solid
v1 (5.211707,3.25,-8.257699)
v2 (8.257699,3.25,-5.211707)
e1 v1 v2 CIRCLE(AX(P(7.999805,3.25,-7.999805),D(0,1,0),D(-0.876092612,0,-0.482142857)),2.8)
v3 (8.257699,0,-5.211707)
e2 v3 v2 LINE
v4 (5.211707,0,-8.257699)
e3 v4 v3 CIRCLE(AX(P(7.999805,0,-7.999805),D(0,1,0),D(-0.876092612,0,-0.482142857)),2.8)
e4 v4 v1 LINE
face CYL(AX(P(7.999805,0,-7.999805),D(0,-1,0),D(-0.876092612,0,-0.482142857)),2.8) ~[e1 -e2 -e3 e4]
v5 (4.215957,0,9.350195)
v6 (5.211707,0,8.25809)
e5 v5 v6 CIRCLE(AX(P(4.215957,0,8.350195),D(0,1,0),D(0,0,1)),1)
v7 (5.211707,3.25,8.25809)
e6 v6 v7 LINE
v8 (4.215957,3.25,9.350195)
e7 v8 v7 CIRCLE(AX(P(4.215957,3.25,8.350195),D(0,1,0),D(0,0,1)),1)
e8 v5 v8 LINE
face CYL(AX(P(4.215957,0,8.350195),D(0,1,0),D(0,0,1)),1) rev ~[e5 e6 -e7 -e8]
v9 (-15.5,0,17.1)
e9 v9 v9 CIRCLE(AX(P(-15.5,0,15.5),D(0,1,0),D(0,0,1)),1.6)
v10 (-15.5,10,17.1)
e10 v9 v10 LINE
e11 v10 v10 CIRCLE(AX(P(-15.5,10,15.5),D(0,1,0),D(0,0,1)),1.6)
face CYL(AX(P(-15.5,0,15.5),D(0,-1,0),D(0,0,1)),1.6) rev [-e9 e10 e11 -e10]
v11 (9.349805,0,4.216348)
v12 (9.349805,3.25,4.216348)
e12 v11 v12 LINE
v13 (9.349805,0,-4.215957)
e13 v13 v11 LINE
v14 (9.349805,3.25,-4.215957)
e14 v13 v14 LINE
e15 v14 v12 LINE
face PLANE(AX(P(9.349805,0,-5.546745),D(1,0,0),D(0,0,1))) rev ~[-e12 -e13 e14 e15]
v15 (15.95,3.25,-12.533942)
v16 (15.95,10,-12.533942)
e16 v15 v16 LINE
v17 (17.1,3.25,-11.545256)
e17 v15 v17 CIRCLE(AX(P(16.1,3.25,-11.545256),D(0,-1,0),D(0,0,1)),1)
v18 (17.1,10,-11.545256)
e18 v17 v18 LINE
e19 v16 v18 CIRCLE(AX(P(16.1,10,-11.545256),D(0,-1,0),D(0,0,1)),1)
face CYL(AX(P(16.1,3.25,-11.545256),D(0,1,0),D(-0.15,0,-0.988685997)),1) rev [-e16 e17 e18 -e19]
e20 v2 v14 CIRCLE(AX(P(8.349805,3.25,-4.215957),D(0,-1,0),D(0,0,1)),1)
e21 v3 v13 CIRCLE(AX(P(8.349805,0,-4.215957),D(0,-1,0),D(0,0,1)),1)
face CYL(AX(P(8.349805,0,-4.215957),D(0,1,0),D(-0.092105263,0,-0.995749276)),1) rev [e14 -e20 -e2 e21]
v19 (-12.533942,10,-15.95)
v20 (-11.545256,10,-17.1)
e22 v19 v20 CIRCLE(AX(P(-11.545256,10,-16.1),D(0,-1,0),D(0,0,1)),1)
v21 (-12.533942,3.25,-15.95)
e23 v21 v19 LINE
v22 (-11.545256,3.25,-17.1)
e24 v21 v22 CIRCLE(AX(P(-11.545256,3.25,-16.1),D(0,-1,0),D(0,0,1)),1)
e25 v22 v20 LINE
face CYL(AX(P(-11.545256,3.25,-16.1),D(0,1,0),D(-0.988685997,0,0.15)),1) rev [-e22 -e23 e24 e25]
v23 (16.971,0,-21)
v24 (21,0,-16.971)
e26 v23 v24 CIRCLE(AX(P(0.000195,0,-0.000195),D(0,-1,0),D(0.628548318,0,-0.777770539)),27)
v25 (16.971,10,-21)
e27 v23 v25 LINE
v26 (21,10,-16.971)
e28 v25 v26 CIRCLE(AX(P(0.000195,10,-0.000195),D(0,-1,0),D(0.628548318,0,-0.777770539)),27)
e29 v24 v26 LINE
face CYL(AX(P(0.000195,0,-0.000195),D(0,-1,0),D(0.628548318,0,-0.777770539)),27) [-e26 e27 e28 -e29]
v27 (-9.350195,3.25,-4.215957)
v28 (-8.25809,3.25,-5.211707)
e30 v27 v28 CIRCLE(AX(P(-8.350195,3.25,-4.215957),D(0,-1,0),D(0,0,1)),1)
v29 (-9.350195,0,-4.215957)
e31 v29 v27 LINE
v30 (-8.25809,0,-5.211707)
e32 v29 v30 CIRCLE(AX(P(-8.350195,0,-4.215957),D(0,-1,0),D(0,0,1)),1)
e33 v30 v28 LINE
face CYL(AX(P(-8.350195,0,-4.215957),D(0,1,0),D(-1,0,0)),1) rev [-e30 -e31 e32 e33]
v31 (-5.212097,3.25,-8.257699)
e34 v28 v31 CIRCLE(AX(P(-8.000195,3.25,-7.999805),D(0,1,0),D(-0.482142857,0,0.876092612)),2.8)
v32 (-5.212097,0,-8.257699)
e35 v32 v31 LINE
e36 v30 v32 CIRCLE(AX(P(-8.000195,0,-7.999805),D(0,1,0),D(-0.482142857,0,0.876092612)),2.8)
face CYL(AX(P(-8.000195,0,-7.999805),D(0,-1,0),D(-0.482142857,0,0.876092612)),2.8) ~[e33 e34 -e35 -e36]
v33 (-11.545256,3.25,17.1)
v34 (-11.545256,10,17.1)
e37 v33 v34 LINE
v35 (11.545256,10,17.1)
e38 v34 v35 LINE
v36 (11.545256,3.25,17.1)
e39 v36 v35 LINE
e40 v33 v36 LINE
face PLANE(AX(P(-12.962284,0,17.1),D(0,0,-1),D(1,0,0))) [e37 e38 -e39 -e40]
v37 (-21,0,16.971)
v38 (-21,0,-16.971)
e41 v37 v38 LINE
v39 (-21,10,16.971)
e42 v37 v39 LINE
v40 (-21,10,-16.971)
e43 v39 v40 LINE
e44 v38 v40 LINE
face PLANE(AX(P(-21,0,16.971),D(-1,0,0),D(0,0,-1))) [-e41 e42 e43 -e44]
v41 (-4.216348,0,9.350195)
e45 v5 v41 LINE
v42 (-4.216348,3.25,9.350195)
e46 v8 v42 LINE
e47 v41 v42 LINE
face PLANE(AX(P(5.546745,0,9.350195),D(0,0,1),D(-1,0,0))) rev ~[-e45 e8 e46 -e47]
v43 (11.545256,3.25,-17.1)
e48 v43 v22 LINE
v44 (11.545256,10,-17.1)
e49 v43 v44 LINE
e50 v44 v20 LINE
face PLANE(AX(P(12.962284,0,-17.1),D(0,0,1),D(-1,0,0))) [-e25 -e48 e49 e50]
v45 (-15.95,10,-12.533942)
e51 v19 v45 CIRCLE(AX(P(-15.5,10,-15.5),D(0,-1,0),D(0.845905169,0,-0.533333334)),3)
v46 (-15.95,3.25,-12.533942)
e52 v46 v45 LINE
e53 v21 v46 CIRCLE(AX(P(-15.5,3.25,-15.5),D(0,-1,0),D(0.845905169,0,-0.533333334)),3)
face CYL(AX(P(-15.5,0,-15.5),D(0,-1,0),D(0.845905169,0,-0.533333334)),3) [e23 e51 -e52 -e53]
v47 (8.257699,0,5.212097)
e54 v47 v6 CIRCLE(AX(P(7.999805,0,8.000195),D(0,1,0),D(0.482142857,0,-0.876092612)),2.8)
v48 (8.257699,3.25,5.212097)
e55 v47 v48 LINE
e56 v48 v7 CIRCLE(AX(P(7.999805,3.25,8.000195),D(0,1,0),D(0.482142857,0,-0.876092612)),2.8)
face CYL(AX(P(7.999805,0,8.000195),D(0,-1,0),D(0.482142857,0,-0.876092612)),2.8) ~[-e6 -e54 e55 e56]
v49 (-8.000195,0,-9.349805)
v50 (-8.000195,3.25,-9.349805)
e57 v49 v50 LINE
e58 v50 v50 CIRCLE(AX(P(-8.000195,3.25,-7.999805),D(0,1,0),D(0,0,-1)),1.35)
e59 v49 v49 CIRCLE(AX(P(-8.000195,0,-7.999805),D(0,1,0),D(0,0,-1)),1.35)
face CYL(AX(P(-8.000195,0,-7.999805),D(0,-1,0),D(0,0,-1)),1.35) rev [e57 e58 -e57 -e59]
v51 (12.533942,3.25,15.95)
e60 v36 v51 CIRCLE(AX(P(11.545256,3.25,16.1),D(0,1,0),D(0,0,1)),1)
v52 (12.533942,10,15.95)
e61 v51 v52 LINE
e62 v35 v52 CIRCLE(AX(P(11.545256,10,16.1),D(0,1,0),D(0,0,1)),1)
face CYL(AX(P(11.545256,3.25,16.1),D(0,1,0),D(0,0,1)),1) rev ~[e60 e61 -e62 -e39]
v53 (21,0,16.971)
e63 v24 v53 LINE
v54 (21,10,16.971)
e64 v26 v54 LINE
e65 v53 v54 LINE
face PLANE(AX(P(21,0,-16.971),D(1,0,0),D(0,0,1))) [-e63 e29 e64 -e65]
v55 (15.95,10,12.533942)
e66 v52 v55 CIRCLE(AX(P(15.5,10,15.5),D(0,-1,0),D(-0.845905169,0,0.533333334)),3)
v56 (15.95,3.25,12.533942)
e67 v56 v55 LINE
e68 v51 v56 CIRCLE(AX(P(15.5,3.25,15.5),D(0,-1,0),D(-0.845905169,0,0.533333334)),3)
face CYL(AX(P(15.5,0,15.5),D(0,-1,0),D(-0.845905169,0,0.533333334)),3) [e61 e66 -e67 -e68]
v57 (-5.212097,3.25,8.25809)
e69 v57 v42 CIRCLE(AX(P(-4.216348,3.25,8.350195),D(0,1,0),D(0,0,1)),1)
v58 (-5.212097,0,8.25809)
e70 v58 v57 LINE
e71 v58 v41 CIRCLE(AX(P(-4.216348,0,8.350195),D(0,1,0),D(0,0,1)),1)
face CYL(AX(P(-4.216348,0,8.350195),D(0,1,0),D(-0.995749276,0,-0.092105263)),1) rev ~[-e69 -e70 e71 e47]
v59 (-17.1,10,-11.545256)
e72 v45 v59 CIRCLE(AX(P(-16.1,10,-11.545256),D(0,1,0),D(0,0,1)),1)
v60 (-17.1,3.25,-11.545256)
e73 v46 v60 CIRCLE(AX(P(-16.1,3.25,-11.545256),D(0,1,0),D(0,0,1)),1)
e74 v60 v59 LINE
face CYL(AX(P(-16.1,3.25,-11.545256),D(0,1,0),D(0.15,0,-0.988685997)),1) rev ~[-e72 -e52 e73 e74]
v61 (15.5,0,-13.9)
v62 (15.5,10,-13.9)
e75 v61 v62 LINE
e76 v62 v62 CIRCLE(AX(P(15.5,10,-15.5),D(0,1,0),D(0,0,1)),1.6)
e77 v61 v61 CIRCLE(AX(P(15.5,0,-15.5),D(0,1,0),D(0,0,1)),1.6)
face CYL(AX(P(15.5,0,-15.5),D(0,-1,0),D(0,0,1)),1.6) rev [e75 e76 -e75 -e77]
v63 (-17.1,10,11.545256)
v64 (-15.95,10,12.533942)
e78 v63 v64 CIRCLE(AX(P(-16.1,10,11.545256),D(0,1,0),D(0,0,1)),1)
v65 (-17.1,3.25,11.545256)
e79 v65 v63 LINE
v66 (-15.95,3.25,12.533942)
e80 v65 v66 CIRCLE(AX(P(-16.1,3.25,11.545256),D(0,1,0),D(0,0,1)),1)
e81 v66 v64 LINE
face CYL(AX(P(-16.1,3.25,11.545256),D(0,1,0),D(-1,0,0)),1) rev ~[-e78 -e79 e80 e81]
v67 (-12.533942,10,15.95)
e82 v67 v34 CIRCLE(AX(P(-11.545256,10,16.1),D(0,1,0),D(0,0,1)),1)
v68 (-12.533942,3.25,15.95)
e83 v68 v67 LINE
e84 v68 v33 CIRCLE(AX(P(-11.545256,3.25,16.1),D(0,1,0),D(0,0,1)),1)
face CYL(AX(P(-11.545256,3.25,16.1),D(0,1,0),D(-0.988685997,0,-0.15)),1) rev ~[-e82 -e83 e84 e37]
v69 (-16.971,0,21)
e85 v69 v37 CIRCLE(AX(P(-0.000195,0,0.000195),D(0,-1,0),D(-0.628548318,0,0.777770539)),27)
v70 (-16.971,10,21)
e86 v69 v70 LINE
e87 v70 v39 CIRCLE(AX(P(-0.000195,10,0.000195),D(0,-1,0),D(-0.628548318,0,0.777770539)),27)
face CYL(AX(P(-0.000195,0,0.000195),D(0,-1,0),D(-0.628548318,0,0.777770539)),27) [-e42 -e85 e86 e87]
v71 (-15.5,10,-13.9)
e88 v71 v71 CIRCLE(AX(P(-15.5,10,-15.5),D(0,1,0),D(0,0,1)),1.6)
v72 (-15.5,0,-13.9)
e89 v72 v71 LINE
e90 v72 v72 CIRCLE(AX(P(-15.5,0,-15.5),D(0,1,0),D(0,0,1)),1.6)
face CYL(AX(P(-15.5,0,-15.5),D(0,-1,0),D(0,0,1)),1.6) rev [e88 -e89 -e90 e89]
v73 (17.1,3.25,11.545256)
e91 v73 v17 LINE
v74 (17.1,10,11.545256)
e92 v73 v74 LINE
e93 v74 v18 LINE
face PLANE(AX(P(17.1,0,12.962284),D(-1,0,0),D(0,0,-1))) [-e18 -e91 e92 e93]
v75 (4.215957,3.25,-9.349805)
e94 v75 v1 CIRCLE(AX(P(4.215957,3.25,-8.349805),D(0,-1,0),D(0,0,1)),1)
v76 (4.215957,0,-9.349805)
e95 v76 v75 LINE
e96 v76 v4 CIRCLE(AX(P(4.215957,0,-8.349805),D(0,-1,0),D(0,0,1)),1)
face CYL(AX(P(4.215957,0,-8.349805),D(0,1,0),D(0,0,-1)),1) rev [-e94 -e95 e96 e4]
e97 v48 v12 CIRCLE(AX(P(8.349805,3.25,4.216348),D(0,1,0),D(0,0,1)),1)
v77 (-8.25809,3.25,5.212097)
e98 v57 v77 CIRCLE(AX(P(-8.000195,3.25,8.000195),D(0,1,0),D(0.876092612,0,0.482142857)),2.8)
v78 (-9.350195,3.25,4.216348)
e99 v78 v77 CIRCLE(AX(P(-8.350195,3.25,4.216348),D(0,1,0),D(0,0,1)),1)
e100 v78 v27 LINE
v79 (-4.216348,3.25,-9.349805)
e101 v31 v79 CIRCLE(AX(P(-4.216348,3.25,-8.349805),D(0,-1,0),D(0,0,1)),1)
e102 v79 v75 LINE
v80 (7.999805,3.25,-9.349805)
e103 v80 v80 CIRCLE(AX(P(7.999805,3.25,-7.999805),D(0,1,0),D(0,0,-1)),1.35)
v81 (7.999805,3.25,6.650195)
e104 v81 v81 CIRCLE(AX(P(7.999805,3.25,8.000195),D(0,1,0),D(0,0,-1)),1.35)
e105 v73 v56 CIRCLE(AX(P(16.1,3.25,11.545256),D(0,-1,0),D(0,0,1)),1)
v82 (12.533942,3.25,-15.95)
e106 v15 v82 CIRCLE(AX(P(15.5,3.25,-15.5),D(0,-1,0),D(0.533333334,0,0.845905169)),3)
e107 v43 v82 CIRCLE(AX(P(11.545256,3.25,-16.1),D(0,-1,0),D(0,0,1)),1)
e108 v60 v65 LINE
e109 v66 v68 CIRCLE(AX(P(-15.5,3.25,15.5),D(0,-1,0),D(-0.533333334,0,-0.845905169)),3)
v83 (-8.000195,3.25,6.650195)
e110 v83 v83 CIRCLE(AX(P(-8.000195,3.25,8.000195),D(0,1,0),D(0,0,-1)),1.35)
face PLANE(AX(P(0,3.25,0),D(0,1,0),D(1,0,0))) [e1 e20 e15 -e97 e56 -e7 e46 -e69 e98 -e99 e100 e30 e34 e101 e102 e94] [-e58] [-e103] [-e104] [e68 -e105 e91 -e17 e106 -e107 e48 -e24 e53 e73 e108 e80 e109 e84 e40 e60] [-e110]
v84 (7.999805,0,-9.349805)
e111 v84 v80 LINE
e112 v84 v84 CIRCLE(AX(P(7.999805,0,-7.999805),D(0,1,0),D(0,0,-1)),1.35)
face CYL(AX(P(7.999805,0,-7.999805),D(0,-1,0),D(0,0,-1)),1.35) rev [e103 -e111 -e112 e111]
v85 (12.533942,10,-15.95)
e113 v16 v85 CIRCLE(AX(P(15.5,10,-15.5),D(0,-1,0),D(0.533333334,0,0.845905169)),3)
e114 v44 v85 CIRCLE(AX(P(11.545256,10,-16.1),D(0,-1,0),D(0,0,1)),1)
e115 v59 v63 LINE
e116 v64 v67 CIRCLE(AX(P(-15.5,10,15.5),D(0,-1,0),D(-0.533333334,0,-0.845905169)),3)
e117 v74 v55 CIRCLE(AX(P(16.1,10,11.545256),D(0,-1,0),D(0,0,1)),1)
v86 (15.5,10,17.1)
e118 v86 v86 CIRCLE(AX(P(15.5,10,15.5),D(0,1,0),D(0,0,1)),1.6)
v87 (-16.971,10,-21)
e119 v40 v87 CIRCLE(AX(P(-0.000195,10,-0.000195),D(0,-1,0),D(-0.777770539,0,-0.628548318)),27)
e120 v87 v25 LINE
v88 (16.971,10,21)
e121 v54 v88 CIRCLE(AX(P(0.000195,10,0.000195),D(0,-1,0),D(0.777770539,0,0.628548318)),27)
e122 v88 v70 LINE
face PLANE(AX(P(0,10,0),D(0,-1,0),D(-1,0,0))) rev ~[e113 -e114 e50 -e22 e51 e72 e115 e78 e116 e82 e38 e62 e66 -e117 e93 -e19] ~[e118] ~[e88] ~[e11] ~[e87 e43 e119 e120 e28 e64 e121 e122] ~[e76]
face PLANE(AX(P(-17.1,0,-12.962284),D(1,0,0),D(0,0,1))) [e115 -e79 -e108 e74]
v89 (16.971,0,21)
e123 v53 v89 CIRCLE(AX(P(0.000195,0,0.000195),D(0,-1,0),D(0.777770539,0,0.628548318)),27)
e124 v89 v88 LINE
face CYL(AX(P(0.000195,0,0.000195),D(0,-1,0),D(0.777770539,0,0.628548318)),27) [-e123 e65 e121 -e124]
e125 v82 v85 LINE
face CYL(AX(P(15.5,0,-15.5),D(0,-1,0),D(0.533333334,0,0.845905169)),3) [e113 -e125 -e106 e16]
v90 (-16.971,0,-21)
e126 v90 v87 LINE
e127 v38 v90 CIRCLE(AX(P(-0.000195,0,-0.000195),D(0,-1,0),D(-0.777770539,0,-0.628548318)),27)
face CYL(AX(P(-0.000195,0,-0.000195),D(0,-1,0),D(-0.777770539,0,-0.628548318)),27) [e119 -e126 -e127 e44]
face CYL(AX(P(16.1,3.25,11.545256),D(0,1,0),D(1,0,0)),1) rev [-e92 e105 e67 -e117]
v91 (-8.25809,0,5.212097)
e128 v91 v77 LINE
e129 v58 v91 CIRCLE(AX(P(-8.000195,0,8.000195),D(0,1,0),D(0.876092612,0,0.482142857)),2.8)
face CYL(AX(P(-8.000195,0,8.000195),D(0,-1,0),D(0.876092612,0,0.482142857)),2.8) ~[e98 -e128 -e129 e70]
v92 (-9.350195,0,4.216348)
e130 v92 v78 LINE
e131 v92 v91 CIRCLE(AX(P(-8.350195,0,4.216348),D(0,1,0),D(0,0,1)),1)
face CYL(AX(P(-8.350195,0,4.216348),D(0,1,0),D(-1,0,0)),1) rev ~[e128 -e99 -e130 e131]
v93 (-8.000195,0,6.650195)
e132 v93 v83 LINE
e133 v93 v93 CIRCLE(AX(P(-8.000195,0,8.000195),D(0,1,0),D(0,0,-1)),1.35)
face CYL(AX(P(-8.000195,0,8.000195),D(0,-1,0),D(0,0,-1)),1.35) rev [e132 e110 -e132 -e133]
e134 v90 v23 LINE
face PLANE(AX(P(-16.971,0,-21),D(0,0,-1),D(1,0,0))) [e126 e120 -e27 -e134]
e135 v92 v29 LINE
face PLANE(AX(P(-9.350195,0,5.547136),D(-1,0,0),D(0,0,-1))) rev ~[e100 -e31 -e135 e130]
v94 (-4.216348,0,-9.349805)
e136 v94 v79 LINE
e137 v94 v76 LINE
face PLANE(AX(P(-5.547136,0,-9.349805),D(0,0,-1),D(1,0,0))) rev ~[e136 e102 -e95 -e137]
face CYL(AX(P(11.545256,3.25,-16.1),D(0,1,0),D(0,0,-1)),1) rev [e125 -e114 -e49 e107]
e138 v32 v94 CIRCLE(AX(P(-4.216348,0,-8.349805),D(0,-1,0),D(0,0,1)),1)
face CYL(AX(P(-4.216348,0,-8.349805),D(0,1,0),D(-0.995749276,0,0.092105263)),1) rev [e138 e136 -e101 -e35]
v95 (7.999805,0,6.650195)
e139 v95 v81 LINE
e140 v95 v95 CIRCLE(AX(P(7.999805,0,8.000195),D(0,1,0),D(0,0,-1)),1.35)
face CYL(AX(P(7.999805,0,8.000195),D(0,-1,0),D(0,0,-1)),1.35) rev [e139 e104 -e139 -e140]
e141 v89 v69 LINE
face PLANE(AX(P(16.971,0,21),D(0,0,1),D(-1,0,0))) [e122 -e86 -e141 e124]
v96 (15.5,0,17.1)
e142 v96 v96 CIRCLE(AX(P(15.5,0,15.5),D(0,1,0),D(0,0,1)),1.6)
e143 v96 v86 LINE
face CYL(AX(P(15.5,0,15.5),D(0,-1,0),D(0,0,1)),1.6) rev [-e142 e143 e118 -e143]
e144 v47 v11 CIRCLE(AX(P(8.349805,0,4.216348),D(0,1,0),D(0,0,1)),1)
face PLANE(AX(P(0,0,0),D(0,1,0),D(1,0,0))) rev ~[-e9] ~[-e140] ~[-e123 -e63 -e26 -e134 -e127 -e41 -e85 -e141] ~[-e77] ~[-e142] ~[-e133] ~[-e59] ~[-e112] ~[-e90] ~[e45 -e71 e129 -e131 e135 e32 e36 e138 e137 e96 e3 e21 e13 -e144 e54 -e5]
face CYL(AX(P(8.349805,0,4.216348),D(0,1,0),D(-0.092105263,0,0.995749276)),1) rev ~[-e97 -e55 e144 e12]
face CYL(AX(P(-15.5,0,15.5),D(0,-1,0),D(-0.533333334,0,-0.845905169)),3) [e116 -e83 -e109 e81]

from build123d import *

# Parameters (mm, degrees)
SKETCH1_R           = 1.6
BOSS_EXTRUDE1_DEPTH = 10
SKETCH1_3_R         = 1.35
BOSS_EXTRUDE2_DEPTH = 3.25
FILLET1_R           = 1


with BuildPart() as part:
    # Sketch1 → Boss-Extrude1 (new body)
    with BuildSketch(Plane(origin=(0, 0, 0), x_dir=(1, 0, 0), z_dir=(0, 1, 0))):
        with BuildLine():
            Line((16.971, 21), (-16.971, 21))
            ThreePointArc((-16.971, 21), (-19.092078518, 19.092078518), (-21, 16.971))
            Line((-21, 16.971), (-21, -16.971))
            ThreePointArc((-21, -16.971), (-19.092078518, -19.092078518), (-16.971, -21))
            Line((-16.971, -21), (16.971, -21))
            ThreePointArc((16.971, -21), (19.092078518, -19.092078518), (21, -16.971))
            Line((21, -16.971), (21, 16.971))
            ThreePointArc((21, 16.971), (19.092078518, 19.092078518), (16.971, 21))
        make_face()
        with Locations((-15.5, -15.5)):
            Circle(SKETCH1_R, mode=Mode.SUBTRACT)
        with Locations((15.5, -15.5)):
            Circle(SKETCH1_R, mode=Mode.SUBTRACT)
        with Locations((-15.5, 15.5)):
            Circle(SKETCH1_R, mode=Mode.SUBTRACT)
        with BuildLine():
            Line((-17.1, -12.962284492), (-17.1, 12.962284492))
            ThreePointArc((-17.1, 12.962284492), (-13.378679656, 13.378679656), (-12.962284492, 17.1))
            Line((-12.962284492, 17.1), (12.962284492, 17.1))
            ThreePointArc((12.962284492, 17.1), (13.378679656, 13.378679656), (17.1, 12.962284492))
            Line((17.1, 12.962284492), (17.1, -12.962284492))
            ThreePointArc((17.1, -12.962284492), (13.378679656, -13.378679656), (12.962284492, -17.1))
            Line((12.962284492, -17.1), (-12.962284492, -17.1))
            ThreePointArc((-12.962284492, -17.1), (-13.378679656, -13.378679656), (-17.1, -12.962284492))
        make_face(mode=Mode.SUBTRACT)
        with Locations((15.5, 15.5)):
            Circle(SKETCH1_R, mode=Mode.SUBTRACT)
    extrude(amount=BOSS_EXTRUDE1_DEPTH)

    # Sketch1<3> → Boss-Extrude2 (add)
    with BuildSketch(Plane(origin=(0, 0, 0), x_dir=(1, 0, 0), z_dir=(0, 1, 0))):
        with BuildLine():
            ThreePointArc((-12.962284492, 17.1), (-13.378679656, 13.378679656), (-17.1, 12.962284492))
            Line((-17.1, 12.962284492), (-17.1, -12.962284492))
            ThreePointArc((-17.1, -12.962284492), (-13.378679656, -13.378679656), (-12.962284492, -17.1))
            Line((-12.962284492, -17.1), (12.962284492, -17.1))
            ThreePointArc((12.962284492, -17.1), (13.378679656, -13.378679656), (17.1, -12.962284492))
            Line((17.1, -12.962284492), (17.1, 12.962284492))
            ThreePointArc((17.1, 12.962284492), (13.378679656, 13.378679656), (12.962284492, 17.1))
            Line((12.962284492, 17.1), (-12.962284492, 17.1))
        make_face()
        with Locations((-8.000195426, -8.000195426)):
            Circle(SKETCH1_3_R, mode=Mode.SUBTRACT)
        with BuildLine():
            ThreePointArc((-9.350195426, 5.546745259), (-6.020296439, 6.019905586), (-5.547136112, 9.349804574))
            Line((-5.547136112, 9.349804574), (5.546745259, 9.349804574))
            ThreePointArc((5.546745259, 9.349804574), (6.019905586, 6.019905586), (9.349804574, 5.546745259))
            Line((9.349804574, 5.546745259), (9.349804574, -5.547136112))
            ThreePointArc((9.349804574, -5.547136112), (6.019905586, -6.020296439), (5.546745259, -9.350195426))
            Line((5.546745259, -9.350195426), (-5.547136112, -9.350195426))
            ThreePointArc((-5.547136112, -9.350195426), (-6.020296439, -6.020296439), (-9.350195426, -5.547136112))
            Line((-9.350195426, -5.547136112), (-9.350195426, 5.546745259))
        make_face(mode=Mode.SUBTRACT)
        with Locations((7.999804574, -8.000195426)):
            Circle(SKETCH1_3_R, mode=Mode.SUBTRACT)
        with Locations((-8.000195426, 7.999804574)):
            Circle(SKETCH1_3_R, mode=Mode.SUBTRACT)
        with Locations((7.999804574, 7.999804574)):
            Circle(SKETCH1_3_R, mode=Mode.SUBTRACT)
    extrude(amount=BOSS_EXTRUDE2_DEPTH)

    # Fillet1
    fillet1_edges = [part.edges().sort_by_distance(p)[0] for p in [
        (12.962284492, 6.625, 17.1),
        (17.1, 6.625, -12.962284492),
        (12.962284492, 6.625, -17.1),
        (-12.962284492, 6.625, -17.1),
        (-17.1, 6.625, -12.962284492),
        (-17.1, 6.625, 12.962284492),
        (-12.962284492, 6.625, 17.1),
        (-5.547136112, 1.625, 9.350195426),
        (-9.350195426, 1.625, 5.547136112),
        (5.546745259, 1.625, 9.350195426),
        (9.349804574, 1.625, 5.547136112),
        (9.349804574, 1.625, -5.546745259),
        (5.546745259, 1.625, -9.349804574),
        (-5.547136112, 1.625, -9.349804574),
        (-9.350195426, 1.625, -5.546745259),
        (17.1, 6.625, 12.962284492),
    ]]
    fillet(fillet1_edges, radius=FILLET1_R)


solid = part.part
